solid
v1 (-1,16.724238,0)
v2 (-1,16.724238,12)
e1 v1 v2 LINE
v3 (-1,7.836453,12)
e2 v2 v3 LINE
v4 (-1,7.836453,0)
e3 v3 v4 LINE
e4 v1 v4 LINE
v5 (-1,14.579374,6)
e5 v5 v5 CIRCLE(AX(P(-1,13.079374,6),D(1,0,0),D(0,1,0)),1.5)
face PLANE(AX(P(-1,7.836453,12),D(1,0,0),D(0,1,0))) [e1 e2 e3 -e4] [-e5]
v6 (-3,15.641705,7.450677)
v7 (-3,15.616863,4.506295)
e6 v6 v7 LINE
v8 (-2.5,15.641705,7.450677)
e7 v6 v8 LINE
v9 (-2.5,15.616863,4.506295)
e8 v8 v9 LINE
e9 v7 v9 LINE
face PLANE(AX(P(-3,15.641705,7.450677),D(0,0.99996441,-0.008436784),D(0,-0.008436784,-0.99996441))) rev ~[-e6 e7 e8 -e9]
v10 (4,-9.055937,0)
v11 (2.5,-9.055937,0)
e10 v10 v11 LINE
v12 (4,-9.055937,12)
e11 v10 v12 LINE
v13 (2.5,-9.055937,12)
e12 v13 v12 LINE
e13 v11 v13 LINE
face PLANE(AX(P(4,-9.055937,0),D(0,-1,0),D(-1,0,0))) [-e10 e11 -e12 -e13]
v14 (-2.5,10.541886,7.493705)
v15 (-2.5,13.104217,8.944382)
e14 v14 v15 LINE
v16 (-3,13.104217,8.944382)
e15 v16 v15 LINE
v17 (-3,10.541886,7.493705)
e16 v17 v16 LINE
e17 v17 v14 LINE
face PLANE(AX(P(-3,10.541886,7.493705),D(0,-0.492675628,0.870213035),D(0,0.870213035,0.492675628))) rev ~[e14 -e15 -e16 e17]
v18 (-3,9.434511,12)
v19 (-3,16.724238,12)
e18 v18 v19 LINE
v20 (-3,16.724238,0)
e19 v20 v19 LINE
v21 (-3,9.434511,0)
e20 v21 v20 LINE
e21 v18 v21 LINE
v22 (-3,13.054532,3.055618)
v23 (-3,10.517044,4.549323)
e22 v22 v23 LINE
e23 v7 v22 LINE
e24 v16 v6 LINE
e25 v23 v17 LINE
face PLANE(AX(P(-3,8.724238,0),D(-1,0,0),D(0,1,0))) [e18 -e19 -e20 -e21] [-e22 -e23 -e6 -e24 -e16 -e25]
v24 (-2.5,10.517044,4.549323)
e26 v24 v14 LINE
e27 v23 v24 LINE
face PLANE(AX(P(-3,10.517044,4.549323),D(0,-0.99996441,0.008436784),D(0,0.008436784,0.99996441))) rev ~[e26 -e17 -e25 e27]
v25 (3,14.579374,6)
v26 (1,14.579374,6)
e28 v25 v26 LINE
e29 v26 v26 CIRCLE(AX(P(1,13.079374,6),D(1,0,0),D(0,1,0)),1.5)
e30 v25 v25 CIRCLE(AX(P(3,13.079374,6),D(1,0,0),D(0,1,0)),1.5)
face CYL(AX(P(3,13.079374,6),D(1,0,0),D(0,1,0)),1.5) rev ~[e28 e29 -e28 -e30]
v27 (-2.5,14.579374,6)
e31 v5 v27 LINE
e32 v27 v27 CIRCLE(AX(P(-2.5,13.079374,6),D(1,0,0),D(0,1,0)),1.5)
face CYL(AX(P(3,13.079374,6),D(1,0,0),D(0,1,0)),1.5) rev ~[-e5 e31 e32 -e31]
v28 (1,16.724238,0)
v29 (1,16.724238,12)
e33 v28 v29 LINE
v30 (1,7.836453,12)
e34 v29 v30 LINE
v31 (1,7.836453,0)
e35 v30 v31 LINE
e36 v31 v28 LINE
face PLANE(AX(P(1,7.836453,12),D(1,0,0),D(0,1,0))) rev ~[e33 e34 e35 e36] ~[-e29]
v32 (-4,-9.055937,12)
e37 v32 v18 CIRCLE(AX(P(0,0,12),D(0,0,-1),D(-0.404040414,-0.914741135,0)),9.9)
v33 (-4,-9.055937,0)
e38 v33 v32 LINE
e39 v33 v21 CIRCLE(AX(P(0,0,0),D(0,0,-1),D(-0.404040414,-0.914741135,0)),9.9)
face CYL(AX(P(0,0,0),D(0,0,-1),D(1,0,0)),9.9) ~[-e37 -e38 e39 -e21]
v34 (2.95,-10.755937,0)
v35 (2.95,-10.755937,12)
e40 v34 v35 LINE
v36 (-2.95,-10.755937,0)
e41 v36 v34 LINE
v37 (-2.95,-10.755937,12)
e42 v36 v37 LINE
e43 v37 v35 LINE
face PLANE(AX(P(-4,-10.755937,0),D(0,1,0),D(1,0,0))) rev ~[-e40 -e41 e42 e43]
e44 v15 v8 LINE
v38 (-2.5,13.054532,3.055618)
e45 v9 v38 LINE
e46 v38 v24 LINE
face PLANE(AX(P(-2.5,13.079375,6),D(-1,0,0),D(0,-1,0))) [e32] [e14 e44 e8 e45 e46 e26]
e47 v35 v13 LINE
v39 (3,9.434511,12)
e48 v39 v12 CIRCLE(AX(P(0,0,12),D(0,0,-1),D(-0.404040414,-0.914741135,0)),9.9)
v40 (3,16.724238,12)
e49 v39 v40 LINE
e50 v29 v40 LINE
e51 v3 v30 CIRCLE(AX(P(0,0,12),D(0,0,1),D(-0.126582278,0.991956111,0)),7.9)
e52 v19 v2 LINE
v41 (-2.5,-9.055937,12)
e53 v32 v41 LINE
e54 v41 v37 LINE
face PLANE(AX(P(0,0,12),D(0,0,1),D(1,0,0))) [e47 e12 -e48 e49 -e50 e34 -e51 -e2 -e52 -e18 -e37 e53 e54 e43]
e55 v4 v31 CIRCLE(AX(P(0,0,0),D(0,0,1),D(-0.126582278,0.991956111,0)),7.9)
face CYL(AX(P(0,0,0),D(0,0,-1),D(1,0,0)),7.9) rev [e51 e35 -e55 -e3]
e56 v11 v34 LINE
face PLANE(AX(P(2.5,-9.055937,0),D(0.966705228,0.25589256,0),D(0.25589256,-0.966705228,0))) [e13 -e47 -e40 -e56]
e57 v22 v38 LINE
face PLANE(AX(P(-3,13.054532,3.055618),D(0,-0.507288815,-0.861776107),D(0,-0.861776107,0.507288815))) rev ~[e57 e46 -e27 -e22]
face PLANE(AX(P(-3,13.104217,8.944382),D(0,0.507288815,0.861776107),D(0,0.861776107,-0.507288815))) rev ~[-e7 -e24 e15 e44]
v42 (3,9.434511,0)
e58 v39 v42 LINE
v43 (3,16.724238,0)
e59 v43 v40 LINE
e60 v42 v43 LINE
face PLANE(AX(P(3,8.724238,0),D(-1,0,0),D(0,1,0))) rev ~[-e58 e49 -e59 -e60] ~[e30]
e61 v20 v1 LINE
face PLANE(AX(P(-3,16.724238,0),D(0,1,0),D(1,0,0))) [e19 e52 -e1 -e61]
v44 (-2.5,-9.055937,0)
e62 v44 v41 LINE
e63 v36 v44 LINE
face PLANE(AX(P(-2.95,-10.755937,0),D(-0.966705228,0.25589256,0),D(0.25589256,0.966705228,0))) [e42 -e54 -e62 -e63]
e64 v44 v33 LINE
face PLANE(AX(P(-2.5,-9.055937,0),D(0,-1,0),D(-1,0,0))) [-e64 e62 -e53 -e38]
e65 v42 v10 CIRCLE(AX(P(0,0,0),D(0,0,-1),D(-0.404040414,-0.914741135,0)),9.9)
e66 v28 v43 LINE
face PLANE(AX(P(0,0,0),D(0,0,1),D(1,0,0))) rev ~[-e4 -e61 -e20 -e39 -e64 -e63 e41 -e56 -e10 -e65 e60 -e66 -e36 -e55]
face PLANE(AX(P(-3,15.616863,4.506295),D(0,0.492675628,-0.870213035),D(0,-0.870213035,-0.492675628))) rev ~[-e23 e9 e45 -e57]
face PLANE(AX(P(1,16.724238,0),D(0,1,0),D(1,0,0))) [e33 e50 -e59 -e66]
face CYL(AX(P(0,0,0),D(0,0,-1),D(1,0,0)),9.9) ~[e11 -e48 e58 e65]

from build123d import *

# Parameters (mm, degrees)
F0_R      = 9.9
F0_R_2    = 7.9
F1_DEPTH  = 12
F3_DEPTH  = 12
F5_DEPTH  = 12.001
F6_W      = 2
F6_H      = 4.608413
F7_DEPTH  = 12.001
F8_W      = 2
F8_H      = 8
F9_DEPTH  = 12
F10_R     = 1.5
F11_DEPTH = 12.901
F13_DEPTH = 0.5


with BuildPart() as f1:
    # F0 (on Top) → F1 (new body)
    with BuildSketch(Plane.XY):
        Circle(F0_R)
        Circle(F0_R_2, mode=Mode.SUBTRACT)
    extrude(amount=F1_DEPTH)

    # F2 (on Top) → F3 (join)
    with BuildSketch(Plane.XY):
        Polygon((4, -9.055937), (0, -9.055937), (-4, -9.055937), (-4, -10.755937), (4, -10.755937), align=None)
    extrude(amount=F3_DEPTH)

    # F4 (on Top) → F5 (cut, through all)
    with BuildSketch(Plane.XY):
        Polygon((4, -9.055937), (2.5, -9.055937), (2.95, -10.755937), (4, -10.755937), align=None)
        Polygon((-2.95, -10.755937), (-2.5, -9.055937), (-4, -9.055937), (-4, -10.755937), align=None)
    extrude(amount=F5_DEPTH, mode=Mode.SUBTRACT)

    # F6 (on face) → F7 (cut, through all)
    with BuildSketch(Plane.XY.offset(12)):
        with Locations((0, 10.140659)):
            Rectangle(F6_W, F6_H)
    extrude(amount=-F7_DEPTH, mode=Mode.SUBTRACT)

    # F8 (on Top) → F9 (join)
    with BuildSketch(Plane.XY):
        with Locations((-2, 12.724238)):
            Rectangle(F8_W, F8_H)
        with Locations((2, 12.724238)):
            Rectangle(F8_W, F8_H)
    extrude(amount=F9_DEPTH)

    # F10 (on face) → F11 (cut, through all)
    with BuildSketch(Plane.YZ.offset(3)):
        with Locations((13.079374, 6)):
            Circle(F10_R)
    extrude(amount=-F11_DEPTH, mode=Mode.SUBTRACT)

    # F12 (on face) → F13 (cut)
    with BuildSketch(Plane(origin=(-3, 0, 0), x_dir=(0, -1, 0), z_dir=(-1, 0, 0))):
        Polygon((-13.104217, 8.944382), (-15.641705, 7.450677), (-15.616863, 4.506295), (-13.054532, 3.055618), (-10.517044, 4.549323), (-10.541886, 7.493705), align=None)
    extrude(amount=-F13_DEPTH, mode=Mode.SUBTRACT)


solid = f1.part
